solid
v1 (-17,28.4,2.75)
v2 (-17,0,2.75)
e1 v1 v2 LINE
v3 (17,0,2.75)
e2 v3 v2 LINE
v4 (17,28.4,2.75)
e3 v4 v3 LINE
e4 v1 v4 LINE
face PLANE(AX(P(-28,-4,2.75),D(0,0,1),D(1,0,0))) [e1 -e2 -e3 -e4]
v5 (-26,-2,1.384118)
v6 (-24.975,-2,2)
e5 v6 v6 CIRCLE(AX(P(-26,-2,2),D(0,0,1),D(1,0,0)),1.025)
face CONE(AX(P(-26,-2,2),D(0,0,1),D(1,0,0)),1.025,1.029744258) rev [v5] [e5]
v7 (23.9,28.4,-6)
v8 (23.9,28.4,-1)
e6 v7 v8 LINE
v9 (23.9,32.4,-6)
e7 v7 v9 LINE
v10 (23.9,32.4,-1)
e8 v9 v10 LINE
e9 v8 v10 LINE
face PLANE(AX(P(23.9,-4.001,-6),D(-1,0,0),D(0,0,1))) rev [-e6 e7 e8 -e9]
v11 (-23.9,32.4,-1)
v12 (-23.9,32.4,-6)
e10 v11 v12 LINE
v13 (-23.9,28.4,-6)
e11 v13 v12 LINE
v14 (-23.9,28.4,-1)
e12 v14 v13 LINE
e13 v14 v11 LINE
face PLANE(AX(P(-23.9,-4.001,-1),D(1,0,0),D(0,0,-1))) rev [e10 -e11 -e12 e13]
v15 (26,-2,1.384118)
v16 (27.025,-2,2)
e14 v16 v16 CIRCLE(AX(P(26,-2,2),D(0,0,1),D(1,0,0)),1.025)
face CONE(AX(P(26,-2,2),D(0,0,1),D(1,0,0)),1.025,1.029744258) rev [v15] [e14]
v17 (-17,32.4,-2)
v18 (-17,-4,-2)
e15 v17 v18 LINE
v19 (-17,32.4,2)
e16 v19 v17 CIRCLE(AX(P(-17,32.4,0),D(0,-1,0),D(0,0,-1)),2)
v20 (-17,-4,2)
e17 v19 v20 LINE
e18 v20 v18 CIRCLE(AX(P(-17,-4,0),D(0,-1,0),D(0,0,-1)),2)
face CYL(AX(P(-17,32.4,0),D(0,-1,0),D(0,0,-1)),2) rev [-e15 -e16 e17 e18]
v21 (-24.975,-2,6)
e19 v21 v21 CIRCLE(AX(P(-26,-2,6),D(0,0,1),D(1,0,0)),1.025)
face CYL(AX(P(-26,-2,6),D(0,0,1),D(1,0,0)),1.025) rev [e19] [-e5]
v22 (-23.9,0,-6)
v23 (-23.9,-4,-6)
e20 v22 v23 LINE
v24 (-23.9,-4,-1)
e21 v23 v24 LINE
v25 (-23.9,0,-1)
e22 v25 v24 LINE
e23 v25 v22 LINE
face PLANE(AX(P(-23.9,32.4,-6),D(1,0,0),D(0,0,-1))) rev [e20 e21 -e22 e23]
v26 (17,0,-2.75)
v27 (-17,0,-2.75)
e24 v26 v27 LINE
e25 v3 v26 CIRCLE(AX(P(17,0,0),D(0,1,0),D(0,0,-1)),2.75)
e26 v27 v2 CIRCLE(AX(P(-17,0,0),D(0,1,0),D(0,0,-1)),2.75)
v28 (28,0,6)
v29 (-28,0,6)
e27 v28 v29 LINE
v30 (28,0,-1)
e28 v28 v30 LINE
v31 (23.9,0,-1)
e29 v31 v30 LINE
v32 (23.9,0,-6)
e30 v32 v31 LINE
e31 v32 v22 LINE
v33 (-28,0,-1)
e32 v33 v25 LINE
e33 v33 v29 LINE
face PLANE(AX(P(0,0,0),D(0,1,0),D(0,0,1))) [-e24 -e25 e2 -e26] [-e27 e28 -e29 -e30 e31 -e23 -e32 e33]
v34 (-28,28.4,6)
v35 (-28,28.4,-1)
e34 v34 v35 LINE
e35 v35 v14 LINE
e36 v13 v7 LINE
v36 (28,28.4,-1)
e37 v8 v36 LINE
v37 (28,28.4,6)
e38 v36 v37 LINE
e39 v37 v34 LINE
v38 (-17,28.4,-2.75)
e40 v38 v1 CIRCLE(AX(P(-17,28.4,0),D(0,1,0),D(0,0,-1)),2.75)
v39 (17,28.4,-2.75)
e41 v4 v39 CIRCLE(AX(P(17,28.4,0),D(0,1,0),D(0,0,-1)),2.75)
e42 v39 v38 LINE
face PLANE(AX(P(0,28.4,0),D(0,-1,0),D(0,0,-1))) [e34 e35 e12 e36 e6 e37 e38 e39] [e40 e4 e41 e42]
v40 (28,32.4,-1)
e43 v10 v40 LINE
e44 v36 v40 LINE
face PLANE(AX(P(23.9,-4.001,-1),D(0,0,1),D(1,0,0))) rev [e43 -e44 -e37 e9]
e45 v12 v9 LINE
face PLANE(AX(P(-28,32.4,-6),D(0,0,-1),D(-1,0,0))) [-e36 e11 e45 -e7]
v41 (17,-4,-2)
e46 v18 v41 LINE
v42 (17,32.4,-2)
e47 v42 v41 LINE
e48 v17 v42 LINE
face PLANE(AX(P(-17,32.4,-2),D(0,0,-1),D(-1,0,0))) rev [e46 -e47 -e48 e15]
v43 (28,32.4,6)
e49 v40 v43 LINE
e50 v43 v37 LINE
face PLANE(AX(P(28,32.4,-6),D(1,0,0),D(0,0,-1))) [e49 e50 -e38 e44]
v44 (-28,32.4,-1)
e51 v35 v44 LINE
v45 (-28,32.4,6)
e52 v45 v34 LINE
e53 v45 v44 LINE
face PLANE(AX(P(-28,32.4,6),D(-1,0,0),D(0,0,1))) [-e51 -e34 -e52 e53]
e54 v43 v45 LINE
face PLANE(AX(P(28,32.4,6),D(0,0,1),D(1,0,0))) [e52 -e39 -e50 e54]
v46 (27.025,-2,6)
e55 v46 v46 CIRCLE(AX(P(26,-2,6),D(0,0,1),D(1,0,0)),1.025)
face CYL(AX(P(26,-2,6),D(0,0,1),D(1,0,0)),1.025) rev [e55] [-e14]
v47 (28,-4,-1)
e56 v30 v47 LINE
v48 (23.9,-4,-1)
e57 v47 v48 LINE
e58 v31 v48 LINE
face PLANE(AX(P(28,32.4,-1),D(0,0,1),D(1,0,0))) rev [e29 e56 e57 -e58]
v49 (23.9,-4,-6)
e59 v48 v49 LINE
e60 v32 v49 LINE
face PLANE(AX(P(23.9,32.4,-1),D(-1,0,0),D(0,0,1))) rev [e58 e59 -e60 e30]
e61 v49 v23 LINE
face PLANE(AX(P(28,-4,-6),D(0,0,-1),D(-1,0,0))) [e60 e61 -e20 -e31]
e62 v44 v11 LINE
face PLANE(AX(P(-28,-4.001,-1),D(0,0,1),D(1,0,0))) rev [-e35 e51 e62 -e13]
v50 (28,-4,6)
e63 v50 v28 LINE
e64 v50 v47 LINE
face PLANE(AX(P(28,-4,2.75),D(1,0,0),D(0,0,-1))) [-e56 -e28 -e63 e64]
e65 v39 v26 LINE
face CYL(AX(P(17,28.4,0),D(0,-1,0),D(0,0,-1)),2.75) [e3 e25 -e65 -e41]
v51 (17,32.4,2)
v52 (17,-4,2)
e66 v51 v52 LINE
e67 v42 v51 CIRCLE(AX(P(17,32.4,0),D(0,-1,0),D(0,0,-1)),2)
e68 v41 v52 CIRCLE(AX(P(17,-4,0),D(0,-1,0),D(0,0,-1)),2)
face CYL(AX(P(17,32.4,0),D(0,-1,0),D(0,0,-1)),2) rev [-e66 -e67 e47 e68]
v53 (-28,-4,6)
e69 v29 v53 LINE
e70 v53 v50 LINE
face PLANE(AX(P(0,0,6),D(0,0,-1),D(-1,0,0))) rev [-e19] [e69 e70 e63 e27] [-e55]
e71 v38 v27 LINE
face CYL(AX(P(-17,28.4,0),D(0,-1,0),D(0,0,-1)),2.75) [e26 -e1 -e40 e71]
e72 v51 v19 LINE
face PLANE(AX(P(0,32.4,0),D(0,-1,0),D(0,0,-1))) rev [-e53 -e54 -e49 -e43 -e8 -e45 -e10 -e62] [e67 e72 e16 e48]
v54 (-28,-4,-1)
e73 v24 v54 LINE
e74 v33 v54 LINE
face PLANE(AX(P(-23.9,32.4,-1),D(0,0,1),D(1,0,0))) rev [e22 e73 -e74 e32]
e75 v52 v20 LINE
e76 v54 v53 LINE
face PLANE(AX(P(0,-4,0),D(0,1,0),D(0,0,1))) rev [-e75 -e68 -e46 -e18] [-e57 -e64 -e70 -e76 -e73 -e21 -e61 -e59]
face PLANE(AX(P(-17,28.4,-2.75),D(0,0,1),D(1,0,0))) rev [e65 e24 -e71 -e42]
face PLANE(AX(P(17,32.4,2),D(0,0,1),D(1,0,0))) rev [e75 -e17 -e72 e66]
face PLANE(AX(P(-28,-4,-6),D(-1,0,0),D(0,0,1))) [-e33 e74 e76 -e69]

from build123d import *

# Parameters (mm, degrees)
SKETCH1_W                        = 56
SKETCH1_H                        = 8.750000002
BOSS_EXTRUDE1_DEPTH              = 4
BOSS_EXTRUDE2_DEPTH              = 28.4
SKETCH3_W                        = 56
SKETCH3_H                        = 12
BOSS_EXTRUDE3_DEPTH              = 4
SKETCH4_W                        = 56
SKETCH4_H                        = 4
BOSS_EXTRUDE4_DEPTH              = 3.249999998
CUT_EXTRUDE1_REACH               = 38.4
SKETCH5_W                        = 4.100000004
SKETCH5_H                        = 5
CUT_EXTRUDE2_REACH               = 38.4
SKETCH6_W                        = 4.100000004
SKETCH6_H                        = 5.000000001
SKETCH7_W                        = 4.100000004
SKETCH7_H                        = 5.000000001
CUT_EXTRUDE3_DEPTH               = 37.4
SKETCH8_W                        = 4.100000004
SKETCH8_H                        = 5
CUT_EXTRUDE4_DEPTH               = 37.4
CUT_EXTRUDE5_DEPTH               = 37.4
F_2_05_2_05_DIAMETER_HOLE1_D     = 2.05
F_2_05_2_05_DIAMETER_HOLE1_DEPTH = 4
F_2_05_2_05_DIAMETER_HOLE1_TIP   = 0.615882135


with BuildPart() as part:
    # Sketch1 → Boss-Extrude1 (new body)
    with BuildSketch(Plane(origin=(0, 0, 0), x_dir=(1, 0, 0), z_dir=(0, 1, 0))):
        with Locations((0, 1.624999999)):
            Rectangle(SKETCH1_W, SKETCH1_H)
    extrude(amount=-BOSS_EXTRUDE1_DEPTH)

    # Sketch2 → Boss-Extrude2 (add)
    with BuildSketch(Plane(origin=(0, 0, 0), x_dir=(-1, 0, 0), z_dir=(0, 1, 0))):
        with BuildLine():
            Line((-17, 2.75), (17, 2.75))
            ThreePointArc((17, 2.75), (19.75, 0), (17, -2.75))
            Line((17, -2.75), (-17, -2.75))
            ThreePointArc((-17, -2.75), (-19.75, 0), (-17, 2.75))
        make_face()
    extrude(amount=BOSS_EXTRUDE2_DEPTH)

    # Sketch3 → Boss-Extrude3 (add)
    with BuildSketch(Plane.XZ.offset(-28.4)):
        Rectangle(SKETCH3_W, SKETCH3_H)
    extrude(amount=-BOSS_EXTRUDE3_DEPTH)

    # Sketch4 → Boss-Extrude4 (add)
    with BuildSketch(Plane.XY.offset(2.750000002)):
        with Locations((0, -2)):
            Rectangle(SKETCH4_W, SKETCH4_H)
    extrude(amount=BOSS_EXTRUDE4_DEPTH)

    # Sketch5 → Cut-Extrude1 (cut, up to next)
    with BuildSketch(Plane(origin=(0, 32.4, 0), x_dir=(-1, 0, 0), z_dir=(0, 1, 0)), mode=Mode.PRIVATE) as cut_extrude1_sk1:
        with Locations((25.949999998, -3.5)):
            Rectangle(SKETCH5_W, SKETCH5_H)
    cut_extrude1_tool1 = extrude(cut_extrude1_sk1.sketch, amount=-CUT_EXTRUDE1_REACH, mode=Mode.PRIVATE) & part.part
    add(cut_extrude1_tool1.solids().sort_by_distance((-25.95, 32.4, -3.5))[0], mode=Mode.SUBTRACT)

    # Sketch6 → Cut-Extrude2 (cut, up to next)
    with BuildSketch(Plane(origin=(0, 32.4, 0), x_dir=(-1, 0, 0), z_dir=(0, 1, 0)), mode=Mode.PRIVATE) as cut_extrude2_sk1:
        with Locations((-25.949999998, -3.499999999)):
            Rectangle(SKETCH6_W, SKETCH6_H)
    cut_extrude2_tool1 = extrude(cut_extrude2_sk1.sketch, amount=-CUT_EXTRUDE2_REACH, mode=Mode.PRIVATE) & part.part
    add(cut_extrude2_tool1.solids().sort_by_distance((25.95, 32.4, -3.5))[0], mode=Mode.SUBTRACT)

    # Sketch7 → Cut-Extrude3 (cut, through all)
    with BuildSketch(Plane.XZ.offset(4)):
        with Locations((25.949999998, -3.499999999)):
            Rectangle(SKETCH7_W, SKETCH7_H)
    extrude(amount=-CUT_EXTRUDE3_DEPTH, mode=Mode.SUBTRACT)

    # Sketch8 → Cut-Extrude4 (cut, through all)
    with BuildSketch(Plane.XZ.offset(4)):
        with Locations((-25.949999998, -3.5)):
            Rectangle(SKETCH8_W, SKETCH8_H)
    extrude(amount=-CUT_EXTRUDE4_DEPTH, mode=Mode.SUBTRACT)

    # Sketch9 → Cut-Extrude5 (cut, through all)
    with BuildSketch(Plane.XZ.offset(4)):
        with BuildLine():
            Line((-17, -2.000000002), (17, -2.000000002))
            ThreePointArc((17, -2.000000002), (19.000000002, 0), (17, 2.000000002))
            Line((17, 2.000000002), (-17, 2.000000002))
            ThreePointArc((-17, 2.000000002), (-19.000000002, 0), (-17, -2.000000002))
        make_face()
    extrude(amount=-CUT_EXTRUDE5_DEPTH, mode=Mode.SUBTRACT)

    # Ø2.05 (2.05) Diameter Hole1
    with Locations(Plane.XY.offset(6)):
        with Locations((26, -2), (-26, -2)):
            Hole(F_2_05_2_05_DIAMETER_HOLE1_D / 2, depth=F_2_05_2_05_DIAMETER_HOLE1_DEPTH)
            with Locations((0, 0, -(F_2_05_2_05_DIAMETER_HOLE1_DEPTH + F_2_05_2_05_DIAMETER_HOLE1_TIP / 2))):  # 118° drill point
                Cone(0, F_2_05_2_05_DIAMETER_HOLE1_D / 2, F_2_05_2_05_DIAMETER_HOLE1_TIP, mode=Mode.SUBTRACT)


solid = part.part
